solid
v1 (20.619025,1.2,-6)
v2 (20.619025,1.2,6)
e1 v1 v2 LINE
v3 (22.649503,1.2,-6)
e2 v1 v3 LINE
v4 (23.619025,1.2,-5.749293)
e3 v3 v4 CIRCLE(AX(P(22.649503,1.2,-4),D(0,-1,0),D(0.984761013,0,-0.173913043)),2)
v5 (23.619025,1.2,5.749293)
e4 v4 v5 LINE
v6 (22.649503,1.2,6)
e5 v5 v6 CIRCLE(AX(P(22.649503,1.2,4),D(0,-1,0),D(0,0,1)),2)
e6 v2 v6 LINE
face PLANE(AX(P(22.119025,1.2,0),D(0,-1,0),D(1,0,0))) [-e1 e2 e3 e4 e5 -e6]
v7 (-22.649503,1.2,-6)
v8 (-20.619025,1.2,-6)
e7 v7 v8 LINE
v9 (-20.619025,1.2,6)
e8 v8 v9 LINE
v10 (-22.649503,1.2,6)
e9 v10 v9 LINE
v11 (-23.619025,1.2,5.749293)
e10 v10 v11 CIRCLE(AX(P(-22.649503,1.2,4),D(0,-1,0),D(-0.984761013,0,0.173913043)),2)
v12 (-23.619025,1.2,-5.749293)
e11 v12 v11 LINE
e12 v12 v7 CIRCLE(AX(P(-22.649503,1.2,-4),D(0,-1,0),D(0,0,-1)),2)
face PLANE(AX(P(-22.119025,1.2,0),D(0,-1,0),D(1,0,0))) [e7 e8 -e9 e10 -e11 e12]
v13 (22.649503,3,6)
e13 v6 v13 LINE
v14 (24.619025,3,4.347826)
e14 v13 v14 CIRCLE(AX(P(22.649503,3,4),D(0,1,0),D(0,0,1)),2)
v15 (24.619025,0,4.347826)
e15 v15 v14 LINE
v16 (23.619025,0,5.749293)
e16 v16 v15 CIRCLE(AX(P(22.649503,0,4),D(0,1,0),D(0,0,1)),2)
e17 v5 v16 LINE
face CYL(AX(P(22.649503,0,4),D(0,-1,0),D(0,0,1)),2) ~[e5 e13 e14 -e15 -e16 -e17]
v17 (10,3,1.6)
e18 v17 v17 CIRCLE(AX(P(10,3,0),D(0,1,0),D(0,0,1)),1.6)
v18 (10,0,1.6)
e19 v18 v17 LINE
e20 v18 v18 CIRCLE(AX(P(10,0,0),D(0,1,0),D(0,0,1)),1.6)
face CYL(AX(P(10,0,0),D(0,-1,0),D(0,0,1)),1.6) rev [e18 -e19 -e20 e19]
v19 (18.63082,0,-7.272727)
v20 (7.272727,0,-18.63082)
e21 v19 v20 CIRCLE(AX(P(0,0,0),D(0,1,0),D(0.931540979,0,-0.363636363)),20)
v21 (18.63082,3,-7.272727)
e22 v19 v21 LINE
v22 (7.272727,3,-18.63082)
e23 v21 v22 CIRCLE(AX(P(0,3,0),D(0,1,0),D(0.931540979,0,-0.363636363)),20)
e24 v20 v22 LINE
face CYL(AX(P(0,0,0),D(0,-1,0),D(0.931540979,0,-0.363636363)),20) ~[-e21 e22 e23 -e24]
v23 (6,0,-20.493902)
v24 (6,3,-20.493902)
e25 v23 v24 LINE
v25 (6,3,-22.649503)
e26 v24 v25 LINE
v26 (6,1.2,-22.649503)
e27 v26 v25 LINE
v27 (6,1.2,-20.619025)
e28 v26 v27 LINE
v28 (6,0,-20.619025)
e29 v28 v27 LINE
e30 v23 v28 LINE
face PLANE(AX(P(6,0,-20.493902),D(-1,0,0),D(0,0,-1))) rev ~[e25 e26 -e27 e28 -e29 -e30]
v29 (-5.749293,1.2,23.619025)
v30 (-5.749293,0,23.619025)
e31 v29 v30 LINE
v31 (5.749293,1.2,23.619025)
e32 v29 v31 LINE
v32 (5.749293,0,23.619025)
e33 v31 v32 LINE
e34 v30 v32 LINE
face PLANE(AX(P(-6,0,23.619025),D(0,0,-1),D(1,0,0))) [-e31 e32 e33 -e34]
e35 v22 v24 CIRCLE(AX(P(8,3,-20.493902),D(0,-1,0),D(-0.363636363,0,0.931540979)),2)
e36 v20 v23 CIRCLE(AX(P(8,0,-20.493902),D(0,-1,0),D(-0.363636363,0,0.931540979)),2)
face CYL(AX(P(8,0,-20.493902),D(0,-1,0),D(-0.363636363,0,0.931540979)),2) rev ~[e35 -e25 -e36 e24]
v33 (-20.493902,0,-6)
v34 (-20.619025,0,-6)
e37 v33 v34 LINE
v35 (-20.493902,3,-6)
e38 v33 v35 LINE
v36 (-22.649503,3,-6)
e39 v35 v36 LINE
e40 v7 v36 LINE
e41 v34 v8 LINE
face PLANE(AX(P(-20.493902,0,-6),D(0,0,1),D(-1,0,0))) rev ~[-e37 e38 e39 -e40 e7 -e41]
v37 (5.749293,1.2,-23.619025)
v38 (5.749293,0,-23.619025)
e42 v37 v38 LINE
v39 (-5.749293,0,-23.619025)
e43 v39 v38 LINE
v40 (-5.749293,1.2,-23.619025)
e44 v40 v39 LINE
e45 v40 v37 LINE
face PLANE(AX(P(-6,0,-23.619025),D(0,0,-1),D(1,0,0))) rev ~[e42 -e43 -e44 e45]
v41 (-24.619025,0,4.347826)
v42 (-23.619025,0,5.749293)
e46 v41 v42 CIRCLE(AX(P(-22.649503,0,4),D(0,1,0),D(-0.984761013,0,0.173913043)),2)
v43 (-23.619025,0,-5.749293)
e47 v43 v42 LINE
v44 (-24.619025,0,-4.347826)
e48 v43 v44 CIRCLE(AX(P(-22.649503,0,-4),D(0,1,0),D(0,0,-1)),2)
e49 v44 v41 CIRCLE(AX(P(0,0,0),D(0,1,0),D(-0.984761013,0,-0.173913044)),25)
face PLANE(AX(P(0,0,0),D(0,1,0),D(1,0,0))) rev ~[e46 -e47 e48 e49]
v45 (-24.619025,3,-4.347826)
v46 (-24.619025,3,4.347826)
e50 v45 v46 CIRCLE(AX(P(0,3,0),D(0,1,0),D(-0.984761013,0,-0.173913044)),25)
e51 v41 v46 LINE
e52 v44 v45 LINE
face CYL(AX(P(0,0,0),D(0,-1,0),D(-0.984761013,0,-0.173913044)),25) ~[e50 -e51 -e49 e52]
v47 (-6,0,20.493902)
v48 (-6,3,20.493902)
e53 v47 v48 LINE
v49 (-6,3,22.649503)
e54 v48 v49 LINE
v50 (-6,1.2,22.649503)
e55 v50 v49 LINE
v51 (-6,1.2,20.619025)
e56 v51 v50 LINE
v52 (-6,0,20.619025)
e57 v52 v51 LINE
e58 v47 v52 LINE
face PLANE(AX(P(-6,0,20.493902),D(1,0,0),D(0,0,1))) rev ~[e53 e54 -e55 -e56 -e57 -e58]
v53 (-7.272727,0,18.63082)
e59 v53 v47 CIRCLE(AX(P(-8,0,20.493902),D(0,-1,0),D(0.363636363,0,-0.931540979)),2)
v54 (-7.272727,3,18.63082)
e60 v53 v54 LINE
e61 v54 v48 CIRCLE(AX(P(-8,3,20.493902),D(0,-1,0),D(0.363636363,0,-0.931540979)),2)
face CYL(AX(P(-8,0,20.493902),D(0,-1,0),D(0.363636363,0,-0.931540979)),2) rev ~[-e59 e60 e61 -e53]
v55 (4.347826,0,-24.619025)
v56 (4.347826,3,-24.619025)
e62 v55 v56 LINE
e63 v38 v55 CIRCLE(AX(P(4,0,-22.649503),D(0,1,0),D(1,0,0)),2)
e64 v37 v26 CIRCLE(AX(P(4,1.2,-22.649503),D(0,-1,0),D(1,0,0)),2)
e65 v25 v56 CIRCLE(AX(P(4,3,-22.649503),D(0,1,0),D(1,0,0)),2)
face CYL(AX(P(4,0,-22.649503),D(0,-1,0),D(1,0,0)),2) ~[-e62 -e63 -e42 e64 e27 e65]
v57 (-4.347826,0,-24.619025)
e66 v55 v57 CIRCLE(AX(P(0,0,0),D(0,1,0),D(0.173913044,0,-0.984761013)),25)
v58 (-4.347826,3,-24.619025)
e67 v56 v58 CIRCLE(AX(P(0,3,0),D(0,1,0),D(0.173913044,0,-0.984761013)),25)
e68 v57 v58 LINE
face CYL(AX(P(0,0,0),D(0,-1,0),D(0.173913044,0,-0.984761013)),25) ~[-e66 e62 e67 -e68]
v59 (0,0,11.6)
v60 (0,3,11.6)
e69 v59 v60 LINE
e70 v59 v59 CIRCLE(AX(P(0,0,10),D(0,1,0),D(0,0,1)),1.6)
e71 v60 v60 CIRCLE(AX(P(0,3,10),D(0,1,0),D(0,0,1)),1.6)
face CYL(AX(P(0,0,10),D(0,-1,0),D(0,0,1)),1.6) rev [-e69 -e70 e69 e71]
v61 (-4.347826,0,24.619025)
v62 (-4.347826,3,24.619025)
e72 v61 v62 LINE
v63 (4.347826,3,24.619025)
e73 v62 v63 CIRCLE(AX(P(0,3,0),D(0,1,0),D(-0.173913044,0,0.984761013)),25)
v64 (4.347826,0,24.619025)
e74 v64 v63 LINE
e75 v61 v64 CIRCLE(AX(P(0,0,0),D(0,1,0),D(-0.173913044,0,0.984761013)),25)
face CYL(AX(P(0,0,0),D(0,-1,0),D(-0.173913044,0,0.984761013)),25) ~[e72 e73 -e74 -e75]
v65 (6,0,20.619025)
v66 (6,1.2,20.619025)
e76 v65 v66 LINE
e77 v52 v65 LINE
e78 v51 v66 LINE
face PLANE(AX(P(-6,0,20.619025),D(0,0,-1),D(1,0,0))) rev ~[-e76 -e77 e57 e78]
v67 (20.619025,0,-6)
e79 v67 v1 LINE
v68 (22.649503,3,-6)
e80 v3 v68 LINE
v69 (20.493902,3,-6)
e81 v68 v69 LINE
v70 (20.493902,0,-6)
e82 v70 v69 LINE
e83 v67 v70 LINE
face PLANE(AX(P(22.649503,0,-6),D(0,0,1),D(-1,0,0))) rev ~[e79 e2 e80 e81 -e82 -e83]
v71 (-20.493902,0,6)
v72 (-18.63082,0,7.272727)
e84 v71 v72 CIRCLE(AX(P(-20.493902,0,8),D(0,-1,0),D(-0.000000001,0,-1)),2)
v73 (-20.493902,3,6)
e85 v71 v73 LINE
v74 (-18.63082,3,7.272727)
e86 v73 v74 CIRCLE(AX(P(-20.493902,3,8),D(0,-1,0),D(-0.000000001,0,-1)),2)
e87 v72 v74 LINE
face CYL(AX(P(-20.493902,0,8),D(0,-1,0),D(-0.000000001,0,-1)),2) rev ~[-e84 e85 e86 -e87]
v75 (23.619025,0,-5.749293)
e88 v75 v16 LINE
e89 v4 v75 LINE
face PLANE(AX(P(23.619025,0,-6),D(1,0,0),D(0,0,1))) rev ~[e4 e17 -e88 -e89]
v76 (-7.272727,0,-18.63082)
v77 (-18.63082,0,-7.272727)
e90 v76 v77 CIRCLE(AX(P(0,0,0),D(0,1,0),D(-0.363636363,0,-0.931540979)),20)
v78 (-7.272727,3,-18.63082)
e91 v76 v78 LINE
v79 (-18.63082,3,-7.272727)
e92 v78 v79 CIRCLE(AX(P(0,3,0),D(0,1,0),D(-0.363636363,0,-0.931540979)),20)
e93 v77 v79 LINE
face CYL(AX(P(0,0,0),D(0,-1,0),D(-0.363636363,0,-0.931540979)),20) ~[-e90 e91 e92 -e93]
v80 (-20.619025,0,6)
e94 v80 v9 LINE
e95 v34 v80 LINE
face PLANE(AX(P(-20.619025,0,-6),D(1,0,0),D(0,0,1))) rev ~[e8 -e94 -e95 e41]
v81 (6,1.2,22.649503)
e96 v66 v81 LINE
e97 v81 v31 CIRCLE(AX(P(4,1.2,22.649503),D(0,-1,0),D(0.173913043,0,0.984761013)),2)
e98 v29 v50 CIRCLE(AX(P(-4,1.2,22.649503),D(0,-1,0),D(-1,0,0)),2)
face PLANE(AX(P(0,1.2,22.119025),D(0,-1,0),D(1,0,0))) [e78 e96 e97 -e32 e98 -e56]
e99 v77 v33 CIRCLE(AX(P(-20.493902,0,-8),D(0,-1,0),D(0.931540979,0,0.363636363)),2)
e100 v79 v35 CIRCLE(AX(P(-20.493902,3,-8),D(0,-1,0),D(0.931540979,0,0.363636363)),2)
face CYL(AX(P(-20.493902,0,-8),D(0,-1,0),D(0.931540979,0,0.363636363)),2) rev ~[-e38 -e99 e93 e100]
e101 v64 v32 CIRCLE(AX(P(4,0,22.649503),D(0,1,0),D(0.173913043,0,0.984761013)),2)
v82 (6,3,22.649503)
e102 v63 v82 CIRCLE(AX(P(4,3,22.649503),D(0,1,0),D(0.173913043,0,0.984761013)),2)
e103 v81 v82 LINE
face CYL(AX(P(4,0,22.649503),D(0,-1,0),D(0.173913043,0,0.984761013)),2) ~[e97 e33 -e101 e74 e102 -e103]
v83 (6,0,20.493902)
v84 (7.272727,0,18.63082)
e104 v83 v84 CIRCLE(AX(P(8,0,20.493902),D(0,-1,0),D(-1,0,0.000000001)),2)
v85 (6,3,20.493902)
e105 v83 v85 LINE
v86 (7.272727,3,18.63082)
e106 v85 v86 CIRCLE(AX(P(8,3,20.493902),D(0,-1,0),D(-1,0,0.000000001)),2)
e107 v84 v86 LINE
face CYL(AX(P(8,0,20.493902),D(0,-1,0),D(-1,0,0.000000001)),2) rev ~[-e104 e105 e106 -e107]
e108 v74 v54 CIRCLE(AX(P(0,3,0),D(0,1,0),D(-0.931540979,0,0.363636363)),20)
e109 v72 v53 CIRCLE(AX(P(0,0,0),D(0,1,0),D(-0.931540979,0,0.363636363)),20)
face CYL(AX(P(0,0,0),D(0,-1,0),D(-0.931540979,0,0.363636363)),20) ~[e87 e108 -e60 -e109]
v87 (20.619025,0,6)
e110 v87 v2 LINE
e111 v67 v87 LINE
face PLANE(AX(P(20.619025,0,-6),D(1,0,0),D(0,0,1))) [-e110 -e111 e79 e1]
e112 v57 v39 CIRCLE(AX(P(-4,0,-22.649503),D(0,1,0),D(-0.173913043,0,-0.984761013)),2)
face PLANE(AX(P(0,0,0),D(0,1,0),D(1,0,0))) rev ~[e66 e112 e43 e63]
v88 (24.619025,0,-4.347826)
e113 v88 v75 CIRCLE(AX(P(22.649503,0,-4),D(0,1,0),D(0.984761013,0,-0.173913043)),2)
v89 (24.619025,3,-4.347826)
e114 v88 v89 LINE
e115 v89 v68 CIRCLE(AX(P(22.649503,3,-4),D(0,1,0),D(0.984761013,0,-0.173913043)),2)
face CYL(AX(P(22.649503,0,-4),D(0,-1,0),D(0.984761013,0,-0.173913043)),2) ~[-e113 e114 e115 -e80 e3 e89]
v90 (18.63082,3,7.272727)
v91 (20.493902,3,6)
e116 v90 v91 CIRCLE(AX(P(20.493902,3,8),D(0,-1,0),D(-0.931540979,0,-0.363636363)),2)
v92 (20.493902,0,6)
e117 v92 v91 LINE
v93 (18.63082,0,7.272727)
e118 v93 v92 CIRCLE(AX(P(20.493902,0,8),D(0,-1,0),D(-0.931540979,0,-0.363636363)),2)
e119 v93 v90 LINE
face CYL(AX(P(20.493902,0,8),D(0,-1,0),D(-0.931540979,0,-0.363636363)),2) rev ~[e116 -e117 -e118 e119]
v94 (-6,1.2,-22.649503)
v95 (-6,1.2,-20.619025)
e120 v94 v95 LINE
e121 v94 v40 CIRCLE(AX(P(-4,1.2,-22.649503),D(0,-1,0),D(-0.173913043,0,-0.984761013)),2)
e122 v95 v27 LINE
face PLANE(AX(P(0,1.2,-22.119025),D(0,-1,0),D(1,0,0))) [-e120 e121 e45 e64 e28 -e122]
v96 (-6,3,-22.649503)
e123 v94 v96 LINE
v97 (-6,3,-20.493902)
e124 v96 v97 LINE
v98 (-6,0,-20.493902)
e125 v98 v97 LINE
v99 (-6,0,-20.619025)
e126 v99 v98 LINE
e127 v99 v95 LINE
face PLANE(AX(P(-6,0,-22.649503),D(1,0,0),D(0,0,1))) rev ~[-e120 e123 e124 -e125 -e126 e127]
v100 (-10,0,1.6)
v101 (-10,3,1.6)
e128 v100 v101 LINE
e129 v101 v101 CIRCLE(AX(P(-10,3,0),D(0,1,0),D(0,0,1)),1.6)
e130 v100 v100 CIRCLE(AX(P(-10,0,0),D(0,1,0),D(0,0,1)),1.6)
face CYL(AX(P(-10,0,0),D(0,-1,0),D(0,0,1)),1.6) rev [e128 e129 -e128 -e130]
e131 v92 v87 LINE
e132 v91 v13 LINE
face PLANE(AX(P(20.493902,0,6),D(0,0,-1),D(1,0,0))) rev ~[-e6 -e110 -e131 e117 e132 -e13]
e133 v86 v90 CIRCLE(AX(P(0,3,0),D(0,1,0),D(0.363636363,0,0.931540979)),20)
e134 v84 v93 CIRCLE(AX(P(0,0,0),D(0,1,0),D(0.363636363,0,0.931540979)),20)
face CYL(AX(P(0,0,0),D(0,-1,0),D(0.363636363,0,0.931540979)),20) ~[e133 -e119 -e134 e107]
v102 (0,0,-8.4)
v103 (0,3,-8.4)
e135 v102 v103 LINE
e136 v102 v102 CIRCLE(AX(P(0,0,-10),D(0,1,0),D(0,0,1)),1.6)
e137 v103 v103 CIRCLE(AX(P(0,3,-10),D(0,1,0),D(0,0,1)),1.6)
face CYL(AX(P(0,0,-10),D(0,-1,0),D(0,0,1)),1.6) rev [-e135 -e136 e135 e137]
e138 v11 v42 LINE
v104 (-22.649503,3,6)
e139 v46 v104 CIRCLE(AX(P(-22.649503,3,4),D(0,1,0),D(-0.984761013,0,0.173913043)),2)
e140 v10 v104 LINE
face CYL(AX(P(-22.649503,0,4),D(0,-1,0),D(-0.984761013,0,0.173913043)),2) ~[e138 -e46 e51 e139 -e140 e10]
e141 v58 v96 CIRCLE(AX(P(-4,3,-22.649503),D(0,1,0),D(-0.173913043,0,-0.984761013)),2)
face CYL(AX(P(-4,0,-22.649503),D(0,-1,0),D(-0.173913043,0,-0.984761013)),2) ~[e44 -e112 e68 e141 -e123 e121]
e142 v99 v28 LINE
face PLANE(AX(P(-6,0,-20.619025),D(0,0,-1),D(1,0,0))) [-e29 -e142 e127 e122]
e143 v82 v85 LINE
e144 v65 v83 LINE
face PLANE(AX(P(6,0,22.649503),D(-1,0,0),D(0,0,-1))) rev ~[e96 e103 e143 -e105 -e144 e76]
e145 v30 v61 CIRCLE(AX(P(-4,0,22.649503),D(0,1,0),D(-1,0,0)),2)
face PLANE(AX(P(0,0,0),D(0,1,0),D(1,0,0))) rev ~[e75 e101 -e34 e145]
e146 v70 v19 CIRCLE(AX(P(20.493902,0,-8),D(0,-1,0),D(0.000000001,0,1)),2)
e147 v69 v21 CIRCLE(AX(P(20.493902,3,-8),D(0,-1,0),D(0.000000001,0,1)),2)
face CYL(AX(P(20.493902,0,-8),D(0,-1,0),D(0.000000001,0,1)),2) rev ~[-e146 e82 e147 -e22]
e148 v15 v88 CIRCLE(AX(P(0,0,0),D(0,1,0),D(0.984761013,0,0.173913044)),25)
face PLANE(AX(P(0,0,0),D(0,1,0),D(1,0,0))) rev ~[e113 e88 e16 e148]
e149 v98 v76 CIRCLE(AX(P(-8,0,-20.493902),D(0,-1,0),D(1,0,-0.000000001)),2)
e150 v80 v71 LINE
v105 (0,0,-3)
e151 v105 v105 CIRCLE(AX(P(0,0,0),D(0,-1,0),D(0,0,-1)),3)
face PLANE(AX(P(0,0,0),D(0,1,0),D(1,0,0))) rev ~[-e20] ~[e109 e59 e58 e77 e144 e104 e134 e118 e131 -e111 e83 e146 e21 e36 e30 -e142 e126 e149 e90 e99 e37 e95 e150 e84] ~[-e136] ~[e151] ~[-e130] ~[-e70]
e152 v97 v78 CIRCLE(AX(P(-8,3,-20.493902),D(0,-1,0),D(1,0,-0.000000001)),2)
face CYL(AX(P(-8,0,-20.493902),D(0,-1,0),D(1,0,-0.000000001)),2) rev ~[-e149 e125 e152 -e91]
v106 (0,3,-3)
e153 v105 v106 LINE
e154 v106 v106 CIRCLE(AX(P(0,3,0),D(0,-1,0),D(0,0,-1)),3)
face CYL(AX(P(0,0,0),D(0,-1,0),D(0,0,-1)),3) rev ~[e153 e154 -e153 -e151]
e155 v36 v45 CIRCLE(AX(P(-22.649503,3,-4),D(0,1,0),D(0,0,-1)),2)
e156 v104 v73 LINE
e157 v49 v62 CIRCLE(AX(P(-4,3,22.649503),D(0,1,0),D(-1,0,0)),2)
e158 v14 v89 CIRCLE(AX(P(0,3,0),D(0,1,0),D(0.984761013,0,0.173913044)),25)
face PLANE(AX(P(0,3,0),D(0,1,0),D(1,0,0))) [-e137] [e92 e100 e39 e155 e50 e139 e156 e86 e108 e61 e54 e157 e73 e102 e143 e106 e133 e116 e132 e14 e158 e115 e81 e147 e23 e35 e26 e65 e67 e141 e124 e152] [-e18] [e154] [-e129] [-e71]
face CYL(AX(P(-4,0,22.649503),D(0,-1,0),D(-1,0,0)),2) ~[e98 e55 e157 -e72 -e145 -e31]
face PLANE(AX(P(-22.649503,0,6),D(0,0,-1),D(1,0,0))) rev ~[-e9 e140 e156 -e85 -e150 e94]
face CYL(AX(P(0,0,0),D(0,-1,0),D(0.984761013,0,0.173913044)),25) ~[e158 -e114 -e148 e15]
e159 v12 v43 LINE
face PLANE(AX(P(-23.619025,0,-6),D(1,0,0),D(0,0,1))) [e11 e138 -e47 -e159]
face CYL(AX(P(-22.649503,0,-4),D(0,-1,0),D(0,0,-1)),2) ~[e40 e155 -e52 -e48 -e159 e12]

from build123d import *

# Parameters (mm, degrees)
SKIZZE1_R                       = 19
SKIZZE1_R_2                     = 1.6
AUFSATZ_LINEAR_AUSTRAGEN1_DEPTH = 3
SKIZZE6_R                       = 3
SCHNITT_LINEAR_AUSTRAGEN2_DEPTH = 36.482389998
SKIZZE7_W                       = 3
SKIZZE7_H                       = 12
SKIZZE7_W_2                     = 12
SKIZZE7_H_2                     = 3
SCHNITT_LINEAR_AUSTRAGEN3_DEPTH = 1.2


with BuildPart() as part:
    # Skizze1 → Aufsatz-Linear austragen1 (new body)
    with BuildSketch(Plane(origin=(0, 0, 0), x_dir=(1, 0, 0), z_dir=(0, 1, 0))):
        with BuildLine():
            ThreePointArc((6, -20.493901532), (6.348554352, -19.365749382), (7.272727273, -18.630819574))
            ThreePointArc((7.272727273, -18.630819574), (14.142135624, -14.142135624), (18.630819574, -7.272727273))
            ThreePointArc((18.630819574, -7.272727273), (19.365749382, -6.348554352), (20.493901532, -6))
            Line((20.493901532, -6), (22.649503306, -6))
            ThreePointArc((22.649503306, -6), (23.93487248, -5.532261755), (24.619025332, -4.347826087))
            ThreePointArc((24.619025332, -4.347826087), (25, 0), (24.619025332, 4.347826087))
            ThreePointArc((24.619025332, 4.347826087), (23.93487248, 5.532261755), (22.649503306, 6))
            Line((22.649503306, 6), (20.493901532, 6))
            ThreePointArc((20.493901532, 6), (19.365749382, 6.348554352), (18.630819574, 7.272727273))
            ThreePointArc((18.630819574, 7.272727273), (14.142135624, 14.142135624), (7.272727273, 18.630819574))
            ThreePointArc((7.272727273, 18.630819574), (6.348554352, 19.365749382), (6, 20.493901532))
            Line((6, 20.493901532), (6, 22.649503306))
            ThreePointArc((6, 22.649503306), (5.532261755, 23.93487248), (4.347826087, 24.619025332))
            ThreePointArc((4.347826087, 24.619025332), (0, 25), (-4.347826087, 24.619025332))
            ThreePointArc((-4.347826087, 24.619025332), (-5.532261755, 23.93487248), (-6, 22.649503306))
            Line((-6, 22.649503306), (-6, 20.493901532))
            ThreePointArc((-6, 20.493901532), (-6.348554352, 19.365749382), (-7.272727273, 18.630819574))
            ThreePointArc((-7.272727273, 18.630819574), (-14.142135624, 14.142135624), (-18.630819574, 7.272727273))
            ThreePointArc((-18.630819574, 7.272727273), (-19.365749382, 6.348554352), (-20.493901532, 6))
            Line((-20.493901532, 6), (-22.649503306, 6))
            ThreePointArc((-22.649503306, 6), (-23.93487248, 5.532261755), (-24.619025332, 4.347826087))
            ThreePointArc((-24.619025332, 4.347826087), (-25, 0), (-24.619025332, -4.347826087))
            ThreePointArc((-24.619025332, -4.347826087), (-23.93487248, -5.532261755), (-22.649503306, -6))
            Line((-22.649503306, -6), (-20.493901532, -6))
            ThreePointArc((-20.493901532, -6), (-19.365749382, -6.348554352), (-18.630819574, -7.272727273))
            ThreePointArc((-18.630819574, -7.272727273), (-14.142135624, -14.142135624), (-7.272727273, -18.630819574))
            ThreePointArc((-7.272727273, -18.630819574), (-6.348554352, -19.365749382), (-6, -20.493901532))
            Line((-6, -20.493901532), (-6, -22.649503306))
            ThreePointArc((-6, -22.649503306), (-5.532261755, -23.93487248), (-4.347826087, -24.619025332))
            ThreePointArc((-4.347826087, -24.619025332), (0, -25), (4.347826087, -24.619025332))
            ThreePointArc((4.347826087, -24.619025332), (5.532261755, -23.93487248), (6, -22.649503306))
            Line((6, -22.649503306), (6, -20.493901532))
        make_face()
        Circle(SKIZZE1_R, mode=Mode.SUBTRACT)
        Circle(SKIZZE1_R)
        with Locations(Location((0, -10, 0), (0, 0, 270))):
            Circle(SKIZZE1_R_2, mode=Mode.SUBTRACT)
        with Locations(Location((-10, 0, 0), (0, 0, 270))):
            Circle(SKIZZE1_R_2, mode=Mode.SUBTRACT)
        with Locations(Location((10, 0, 0), (0, 0, 270))):
            Circle(SKIZZE1_R_2, mode=Mode.SUBTRACT)
        with Locations(Location((0, 10, 0), (0, 0, 270))):
            Circle(SKIZZE1_R_2, mode=Mode.SUBTRACT)
        with Locations(Location((0, 0, 0), (0, 0, 270))):
            Circle(SKIZZE1_R_2, mode=Mode.SUBTRACT)
    extrude(amount=AUFSATZ_LINEAR_AUSTRAGEN1_DEPTH)

    # Skizze6 → Schnitt-Linear austragen2 (cut, through all)
    with BuildSketch(Plane.XZ):
        with Locations(Location((0, 0, 0), (0, 0, 270))):
            Circle(SKIZZE6_R)
    extrude(amount=-SCHNITT_LINEAR_AUSTRAGEN2_DEPTH, mode=Mode.SUBTRACT)

    # Skizze7 → Schnitt-Linear austragen3 (cut)
    with BuildSketch(Plane.XZ):
        with Locations((-22.119025332, 0)):
            Rectangle(SKIZZE7_W, SKIZZE7_H)
        with Locations((0, 22.119025332)):
            Rectangle(SKIZZE7_W_2, SKIZZE7_H_2)
        with Locations((22.119025332, 0)):
            Rectangle(SKIZZE7_W, SKIZZE7_H)
        with Locations((0, -22.119025332)):
            Rectangle(SKIZZE7_W_2, SKIZZE7_H_2)
    extrude(amount=-SCHNITT_LINEAR_AUSTRAGEN3_DEPTH, mode=Mode.SUBTRACT)


solid = part.part
